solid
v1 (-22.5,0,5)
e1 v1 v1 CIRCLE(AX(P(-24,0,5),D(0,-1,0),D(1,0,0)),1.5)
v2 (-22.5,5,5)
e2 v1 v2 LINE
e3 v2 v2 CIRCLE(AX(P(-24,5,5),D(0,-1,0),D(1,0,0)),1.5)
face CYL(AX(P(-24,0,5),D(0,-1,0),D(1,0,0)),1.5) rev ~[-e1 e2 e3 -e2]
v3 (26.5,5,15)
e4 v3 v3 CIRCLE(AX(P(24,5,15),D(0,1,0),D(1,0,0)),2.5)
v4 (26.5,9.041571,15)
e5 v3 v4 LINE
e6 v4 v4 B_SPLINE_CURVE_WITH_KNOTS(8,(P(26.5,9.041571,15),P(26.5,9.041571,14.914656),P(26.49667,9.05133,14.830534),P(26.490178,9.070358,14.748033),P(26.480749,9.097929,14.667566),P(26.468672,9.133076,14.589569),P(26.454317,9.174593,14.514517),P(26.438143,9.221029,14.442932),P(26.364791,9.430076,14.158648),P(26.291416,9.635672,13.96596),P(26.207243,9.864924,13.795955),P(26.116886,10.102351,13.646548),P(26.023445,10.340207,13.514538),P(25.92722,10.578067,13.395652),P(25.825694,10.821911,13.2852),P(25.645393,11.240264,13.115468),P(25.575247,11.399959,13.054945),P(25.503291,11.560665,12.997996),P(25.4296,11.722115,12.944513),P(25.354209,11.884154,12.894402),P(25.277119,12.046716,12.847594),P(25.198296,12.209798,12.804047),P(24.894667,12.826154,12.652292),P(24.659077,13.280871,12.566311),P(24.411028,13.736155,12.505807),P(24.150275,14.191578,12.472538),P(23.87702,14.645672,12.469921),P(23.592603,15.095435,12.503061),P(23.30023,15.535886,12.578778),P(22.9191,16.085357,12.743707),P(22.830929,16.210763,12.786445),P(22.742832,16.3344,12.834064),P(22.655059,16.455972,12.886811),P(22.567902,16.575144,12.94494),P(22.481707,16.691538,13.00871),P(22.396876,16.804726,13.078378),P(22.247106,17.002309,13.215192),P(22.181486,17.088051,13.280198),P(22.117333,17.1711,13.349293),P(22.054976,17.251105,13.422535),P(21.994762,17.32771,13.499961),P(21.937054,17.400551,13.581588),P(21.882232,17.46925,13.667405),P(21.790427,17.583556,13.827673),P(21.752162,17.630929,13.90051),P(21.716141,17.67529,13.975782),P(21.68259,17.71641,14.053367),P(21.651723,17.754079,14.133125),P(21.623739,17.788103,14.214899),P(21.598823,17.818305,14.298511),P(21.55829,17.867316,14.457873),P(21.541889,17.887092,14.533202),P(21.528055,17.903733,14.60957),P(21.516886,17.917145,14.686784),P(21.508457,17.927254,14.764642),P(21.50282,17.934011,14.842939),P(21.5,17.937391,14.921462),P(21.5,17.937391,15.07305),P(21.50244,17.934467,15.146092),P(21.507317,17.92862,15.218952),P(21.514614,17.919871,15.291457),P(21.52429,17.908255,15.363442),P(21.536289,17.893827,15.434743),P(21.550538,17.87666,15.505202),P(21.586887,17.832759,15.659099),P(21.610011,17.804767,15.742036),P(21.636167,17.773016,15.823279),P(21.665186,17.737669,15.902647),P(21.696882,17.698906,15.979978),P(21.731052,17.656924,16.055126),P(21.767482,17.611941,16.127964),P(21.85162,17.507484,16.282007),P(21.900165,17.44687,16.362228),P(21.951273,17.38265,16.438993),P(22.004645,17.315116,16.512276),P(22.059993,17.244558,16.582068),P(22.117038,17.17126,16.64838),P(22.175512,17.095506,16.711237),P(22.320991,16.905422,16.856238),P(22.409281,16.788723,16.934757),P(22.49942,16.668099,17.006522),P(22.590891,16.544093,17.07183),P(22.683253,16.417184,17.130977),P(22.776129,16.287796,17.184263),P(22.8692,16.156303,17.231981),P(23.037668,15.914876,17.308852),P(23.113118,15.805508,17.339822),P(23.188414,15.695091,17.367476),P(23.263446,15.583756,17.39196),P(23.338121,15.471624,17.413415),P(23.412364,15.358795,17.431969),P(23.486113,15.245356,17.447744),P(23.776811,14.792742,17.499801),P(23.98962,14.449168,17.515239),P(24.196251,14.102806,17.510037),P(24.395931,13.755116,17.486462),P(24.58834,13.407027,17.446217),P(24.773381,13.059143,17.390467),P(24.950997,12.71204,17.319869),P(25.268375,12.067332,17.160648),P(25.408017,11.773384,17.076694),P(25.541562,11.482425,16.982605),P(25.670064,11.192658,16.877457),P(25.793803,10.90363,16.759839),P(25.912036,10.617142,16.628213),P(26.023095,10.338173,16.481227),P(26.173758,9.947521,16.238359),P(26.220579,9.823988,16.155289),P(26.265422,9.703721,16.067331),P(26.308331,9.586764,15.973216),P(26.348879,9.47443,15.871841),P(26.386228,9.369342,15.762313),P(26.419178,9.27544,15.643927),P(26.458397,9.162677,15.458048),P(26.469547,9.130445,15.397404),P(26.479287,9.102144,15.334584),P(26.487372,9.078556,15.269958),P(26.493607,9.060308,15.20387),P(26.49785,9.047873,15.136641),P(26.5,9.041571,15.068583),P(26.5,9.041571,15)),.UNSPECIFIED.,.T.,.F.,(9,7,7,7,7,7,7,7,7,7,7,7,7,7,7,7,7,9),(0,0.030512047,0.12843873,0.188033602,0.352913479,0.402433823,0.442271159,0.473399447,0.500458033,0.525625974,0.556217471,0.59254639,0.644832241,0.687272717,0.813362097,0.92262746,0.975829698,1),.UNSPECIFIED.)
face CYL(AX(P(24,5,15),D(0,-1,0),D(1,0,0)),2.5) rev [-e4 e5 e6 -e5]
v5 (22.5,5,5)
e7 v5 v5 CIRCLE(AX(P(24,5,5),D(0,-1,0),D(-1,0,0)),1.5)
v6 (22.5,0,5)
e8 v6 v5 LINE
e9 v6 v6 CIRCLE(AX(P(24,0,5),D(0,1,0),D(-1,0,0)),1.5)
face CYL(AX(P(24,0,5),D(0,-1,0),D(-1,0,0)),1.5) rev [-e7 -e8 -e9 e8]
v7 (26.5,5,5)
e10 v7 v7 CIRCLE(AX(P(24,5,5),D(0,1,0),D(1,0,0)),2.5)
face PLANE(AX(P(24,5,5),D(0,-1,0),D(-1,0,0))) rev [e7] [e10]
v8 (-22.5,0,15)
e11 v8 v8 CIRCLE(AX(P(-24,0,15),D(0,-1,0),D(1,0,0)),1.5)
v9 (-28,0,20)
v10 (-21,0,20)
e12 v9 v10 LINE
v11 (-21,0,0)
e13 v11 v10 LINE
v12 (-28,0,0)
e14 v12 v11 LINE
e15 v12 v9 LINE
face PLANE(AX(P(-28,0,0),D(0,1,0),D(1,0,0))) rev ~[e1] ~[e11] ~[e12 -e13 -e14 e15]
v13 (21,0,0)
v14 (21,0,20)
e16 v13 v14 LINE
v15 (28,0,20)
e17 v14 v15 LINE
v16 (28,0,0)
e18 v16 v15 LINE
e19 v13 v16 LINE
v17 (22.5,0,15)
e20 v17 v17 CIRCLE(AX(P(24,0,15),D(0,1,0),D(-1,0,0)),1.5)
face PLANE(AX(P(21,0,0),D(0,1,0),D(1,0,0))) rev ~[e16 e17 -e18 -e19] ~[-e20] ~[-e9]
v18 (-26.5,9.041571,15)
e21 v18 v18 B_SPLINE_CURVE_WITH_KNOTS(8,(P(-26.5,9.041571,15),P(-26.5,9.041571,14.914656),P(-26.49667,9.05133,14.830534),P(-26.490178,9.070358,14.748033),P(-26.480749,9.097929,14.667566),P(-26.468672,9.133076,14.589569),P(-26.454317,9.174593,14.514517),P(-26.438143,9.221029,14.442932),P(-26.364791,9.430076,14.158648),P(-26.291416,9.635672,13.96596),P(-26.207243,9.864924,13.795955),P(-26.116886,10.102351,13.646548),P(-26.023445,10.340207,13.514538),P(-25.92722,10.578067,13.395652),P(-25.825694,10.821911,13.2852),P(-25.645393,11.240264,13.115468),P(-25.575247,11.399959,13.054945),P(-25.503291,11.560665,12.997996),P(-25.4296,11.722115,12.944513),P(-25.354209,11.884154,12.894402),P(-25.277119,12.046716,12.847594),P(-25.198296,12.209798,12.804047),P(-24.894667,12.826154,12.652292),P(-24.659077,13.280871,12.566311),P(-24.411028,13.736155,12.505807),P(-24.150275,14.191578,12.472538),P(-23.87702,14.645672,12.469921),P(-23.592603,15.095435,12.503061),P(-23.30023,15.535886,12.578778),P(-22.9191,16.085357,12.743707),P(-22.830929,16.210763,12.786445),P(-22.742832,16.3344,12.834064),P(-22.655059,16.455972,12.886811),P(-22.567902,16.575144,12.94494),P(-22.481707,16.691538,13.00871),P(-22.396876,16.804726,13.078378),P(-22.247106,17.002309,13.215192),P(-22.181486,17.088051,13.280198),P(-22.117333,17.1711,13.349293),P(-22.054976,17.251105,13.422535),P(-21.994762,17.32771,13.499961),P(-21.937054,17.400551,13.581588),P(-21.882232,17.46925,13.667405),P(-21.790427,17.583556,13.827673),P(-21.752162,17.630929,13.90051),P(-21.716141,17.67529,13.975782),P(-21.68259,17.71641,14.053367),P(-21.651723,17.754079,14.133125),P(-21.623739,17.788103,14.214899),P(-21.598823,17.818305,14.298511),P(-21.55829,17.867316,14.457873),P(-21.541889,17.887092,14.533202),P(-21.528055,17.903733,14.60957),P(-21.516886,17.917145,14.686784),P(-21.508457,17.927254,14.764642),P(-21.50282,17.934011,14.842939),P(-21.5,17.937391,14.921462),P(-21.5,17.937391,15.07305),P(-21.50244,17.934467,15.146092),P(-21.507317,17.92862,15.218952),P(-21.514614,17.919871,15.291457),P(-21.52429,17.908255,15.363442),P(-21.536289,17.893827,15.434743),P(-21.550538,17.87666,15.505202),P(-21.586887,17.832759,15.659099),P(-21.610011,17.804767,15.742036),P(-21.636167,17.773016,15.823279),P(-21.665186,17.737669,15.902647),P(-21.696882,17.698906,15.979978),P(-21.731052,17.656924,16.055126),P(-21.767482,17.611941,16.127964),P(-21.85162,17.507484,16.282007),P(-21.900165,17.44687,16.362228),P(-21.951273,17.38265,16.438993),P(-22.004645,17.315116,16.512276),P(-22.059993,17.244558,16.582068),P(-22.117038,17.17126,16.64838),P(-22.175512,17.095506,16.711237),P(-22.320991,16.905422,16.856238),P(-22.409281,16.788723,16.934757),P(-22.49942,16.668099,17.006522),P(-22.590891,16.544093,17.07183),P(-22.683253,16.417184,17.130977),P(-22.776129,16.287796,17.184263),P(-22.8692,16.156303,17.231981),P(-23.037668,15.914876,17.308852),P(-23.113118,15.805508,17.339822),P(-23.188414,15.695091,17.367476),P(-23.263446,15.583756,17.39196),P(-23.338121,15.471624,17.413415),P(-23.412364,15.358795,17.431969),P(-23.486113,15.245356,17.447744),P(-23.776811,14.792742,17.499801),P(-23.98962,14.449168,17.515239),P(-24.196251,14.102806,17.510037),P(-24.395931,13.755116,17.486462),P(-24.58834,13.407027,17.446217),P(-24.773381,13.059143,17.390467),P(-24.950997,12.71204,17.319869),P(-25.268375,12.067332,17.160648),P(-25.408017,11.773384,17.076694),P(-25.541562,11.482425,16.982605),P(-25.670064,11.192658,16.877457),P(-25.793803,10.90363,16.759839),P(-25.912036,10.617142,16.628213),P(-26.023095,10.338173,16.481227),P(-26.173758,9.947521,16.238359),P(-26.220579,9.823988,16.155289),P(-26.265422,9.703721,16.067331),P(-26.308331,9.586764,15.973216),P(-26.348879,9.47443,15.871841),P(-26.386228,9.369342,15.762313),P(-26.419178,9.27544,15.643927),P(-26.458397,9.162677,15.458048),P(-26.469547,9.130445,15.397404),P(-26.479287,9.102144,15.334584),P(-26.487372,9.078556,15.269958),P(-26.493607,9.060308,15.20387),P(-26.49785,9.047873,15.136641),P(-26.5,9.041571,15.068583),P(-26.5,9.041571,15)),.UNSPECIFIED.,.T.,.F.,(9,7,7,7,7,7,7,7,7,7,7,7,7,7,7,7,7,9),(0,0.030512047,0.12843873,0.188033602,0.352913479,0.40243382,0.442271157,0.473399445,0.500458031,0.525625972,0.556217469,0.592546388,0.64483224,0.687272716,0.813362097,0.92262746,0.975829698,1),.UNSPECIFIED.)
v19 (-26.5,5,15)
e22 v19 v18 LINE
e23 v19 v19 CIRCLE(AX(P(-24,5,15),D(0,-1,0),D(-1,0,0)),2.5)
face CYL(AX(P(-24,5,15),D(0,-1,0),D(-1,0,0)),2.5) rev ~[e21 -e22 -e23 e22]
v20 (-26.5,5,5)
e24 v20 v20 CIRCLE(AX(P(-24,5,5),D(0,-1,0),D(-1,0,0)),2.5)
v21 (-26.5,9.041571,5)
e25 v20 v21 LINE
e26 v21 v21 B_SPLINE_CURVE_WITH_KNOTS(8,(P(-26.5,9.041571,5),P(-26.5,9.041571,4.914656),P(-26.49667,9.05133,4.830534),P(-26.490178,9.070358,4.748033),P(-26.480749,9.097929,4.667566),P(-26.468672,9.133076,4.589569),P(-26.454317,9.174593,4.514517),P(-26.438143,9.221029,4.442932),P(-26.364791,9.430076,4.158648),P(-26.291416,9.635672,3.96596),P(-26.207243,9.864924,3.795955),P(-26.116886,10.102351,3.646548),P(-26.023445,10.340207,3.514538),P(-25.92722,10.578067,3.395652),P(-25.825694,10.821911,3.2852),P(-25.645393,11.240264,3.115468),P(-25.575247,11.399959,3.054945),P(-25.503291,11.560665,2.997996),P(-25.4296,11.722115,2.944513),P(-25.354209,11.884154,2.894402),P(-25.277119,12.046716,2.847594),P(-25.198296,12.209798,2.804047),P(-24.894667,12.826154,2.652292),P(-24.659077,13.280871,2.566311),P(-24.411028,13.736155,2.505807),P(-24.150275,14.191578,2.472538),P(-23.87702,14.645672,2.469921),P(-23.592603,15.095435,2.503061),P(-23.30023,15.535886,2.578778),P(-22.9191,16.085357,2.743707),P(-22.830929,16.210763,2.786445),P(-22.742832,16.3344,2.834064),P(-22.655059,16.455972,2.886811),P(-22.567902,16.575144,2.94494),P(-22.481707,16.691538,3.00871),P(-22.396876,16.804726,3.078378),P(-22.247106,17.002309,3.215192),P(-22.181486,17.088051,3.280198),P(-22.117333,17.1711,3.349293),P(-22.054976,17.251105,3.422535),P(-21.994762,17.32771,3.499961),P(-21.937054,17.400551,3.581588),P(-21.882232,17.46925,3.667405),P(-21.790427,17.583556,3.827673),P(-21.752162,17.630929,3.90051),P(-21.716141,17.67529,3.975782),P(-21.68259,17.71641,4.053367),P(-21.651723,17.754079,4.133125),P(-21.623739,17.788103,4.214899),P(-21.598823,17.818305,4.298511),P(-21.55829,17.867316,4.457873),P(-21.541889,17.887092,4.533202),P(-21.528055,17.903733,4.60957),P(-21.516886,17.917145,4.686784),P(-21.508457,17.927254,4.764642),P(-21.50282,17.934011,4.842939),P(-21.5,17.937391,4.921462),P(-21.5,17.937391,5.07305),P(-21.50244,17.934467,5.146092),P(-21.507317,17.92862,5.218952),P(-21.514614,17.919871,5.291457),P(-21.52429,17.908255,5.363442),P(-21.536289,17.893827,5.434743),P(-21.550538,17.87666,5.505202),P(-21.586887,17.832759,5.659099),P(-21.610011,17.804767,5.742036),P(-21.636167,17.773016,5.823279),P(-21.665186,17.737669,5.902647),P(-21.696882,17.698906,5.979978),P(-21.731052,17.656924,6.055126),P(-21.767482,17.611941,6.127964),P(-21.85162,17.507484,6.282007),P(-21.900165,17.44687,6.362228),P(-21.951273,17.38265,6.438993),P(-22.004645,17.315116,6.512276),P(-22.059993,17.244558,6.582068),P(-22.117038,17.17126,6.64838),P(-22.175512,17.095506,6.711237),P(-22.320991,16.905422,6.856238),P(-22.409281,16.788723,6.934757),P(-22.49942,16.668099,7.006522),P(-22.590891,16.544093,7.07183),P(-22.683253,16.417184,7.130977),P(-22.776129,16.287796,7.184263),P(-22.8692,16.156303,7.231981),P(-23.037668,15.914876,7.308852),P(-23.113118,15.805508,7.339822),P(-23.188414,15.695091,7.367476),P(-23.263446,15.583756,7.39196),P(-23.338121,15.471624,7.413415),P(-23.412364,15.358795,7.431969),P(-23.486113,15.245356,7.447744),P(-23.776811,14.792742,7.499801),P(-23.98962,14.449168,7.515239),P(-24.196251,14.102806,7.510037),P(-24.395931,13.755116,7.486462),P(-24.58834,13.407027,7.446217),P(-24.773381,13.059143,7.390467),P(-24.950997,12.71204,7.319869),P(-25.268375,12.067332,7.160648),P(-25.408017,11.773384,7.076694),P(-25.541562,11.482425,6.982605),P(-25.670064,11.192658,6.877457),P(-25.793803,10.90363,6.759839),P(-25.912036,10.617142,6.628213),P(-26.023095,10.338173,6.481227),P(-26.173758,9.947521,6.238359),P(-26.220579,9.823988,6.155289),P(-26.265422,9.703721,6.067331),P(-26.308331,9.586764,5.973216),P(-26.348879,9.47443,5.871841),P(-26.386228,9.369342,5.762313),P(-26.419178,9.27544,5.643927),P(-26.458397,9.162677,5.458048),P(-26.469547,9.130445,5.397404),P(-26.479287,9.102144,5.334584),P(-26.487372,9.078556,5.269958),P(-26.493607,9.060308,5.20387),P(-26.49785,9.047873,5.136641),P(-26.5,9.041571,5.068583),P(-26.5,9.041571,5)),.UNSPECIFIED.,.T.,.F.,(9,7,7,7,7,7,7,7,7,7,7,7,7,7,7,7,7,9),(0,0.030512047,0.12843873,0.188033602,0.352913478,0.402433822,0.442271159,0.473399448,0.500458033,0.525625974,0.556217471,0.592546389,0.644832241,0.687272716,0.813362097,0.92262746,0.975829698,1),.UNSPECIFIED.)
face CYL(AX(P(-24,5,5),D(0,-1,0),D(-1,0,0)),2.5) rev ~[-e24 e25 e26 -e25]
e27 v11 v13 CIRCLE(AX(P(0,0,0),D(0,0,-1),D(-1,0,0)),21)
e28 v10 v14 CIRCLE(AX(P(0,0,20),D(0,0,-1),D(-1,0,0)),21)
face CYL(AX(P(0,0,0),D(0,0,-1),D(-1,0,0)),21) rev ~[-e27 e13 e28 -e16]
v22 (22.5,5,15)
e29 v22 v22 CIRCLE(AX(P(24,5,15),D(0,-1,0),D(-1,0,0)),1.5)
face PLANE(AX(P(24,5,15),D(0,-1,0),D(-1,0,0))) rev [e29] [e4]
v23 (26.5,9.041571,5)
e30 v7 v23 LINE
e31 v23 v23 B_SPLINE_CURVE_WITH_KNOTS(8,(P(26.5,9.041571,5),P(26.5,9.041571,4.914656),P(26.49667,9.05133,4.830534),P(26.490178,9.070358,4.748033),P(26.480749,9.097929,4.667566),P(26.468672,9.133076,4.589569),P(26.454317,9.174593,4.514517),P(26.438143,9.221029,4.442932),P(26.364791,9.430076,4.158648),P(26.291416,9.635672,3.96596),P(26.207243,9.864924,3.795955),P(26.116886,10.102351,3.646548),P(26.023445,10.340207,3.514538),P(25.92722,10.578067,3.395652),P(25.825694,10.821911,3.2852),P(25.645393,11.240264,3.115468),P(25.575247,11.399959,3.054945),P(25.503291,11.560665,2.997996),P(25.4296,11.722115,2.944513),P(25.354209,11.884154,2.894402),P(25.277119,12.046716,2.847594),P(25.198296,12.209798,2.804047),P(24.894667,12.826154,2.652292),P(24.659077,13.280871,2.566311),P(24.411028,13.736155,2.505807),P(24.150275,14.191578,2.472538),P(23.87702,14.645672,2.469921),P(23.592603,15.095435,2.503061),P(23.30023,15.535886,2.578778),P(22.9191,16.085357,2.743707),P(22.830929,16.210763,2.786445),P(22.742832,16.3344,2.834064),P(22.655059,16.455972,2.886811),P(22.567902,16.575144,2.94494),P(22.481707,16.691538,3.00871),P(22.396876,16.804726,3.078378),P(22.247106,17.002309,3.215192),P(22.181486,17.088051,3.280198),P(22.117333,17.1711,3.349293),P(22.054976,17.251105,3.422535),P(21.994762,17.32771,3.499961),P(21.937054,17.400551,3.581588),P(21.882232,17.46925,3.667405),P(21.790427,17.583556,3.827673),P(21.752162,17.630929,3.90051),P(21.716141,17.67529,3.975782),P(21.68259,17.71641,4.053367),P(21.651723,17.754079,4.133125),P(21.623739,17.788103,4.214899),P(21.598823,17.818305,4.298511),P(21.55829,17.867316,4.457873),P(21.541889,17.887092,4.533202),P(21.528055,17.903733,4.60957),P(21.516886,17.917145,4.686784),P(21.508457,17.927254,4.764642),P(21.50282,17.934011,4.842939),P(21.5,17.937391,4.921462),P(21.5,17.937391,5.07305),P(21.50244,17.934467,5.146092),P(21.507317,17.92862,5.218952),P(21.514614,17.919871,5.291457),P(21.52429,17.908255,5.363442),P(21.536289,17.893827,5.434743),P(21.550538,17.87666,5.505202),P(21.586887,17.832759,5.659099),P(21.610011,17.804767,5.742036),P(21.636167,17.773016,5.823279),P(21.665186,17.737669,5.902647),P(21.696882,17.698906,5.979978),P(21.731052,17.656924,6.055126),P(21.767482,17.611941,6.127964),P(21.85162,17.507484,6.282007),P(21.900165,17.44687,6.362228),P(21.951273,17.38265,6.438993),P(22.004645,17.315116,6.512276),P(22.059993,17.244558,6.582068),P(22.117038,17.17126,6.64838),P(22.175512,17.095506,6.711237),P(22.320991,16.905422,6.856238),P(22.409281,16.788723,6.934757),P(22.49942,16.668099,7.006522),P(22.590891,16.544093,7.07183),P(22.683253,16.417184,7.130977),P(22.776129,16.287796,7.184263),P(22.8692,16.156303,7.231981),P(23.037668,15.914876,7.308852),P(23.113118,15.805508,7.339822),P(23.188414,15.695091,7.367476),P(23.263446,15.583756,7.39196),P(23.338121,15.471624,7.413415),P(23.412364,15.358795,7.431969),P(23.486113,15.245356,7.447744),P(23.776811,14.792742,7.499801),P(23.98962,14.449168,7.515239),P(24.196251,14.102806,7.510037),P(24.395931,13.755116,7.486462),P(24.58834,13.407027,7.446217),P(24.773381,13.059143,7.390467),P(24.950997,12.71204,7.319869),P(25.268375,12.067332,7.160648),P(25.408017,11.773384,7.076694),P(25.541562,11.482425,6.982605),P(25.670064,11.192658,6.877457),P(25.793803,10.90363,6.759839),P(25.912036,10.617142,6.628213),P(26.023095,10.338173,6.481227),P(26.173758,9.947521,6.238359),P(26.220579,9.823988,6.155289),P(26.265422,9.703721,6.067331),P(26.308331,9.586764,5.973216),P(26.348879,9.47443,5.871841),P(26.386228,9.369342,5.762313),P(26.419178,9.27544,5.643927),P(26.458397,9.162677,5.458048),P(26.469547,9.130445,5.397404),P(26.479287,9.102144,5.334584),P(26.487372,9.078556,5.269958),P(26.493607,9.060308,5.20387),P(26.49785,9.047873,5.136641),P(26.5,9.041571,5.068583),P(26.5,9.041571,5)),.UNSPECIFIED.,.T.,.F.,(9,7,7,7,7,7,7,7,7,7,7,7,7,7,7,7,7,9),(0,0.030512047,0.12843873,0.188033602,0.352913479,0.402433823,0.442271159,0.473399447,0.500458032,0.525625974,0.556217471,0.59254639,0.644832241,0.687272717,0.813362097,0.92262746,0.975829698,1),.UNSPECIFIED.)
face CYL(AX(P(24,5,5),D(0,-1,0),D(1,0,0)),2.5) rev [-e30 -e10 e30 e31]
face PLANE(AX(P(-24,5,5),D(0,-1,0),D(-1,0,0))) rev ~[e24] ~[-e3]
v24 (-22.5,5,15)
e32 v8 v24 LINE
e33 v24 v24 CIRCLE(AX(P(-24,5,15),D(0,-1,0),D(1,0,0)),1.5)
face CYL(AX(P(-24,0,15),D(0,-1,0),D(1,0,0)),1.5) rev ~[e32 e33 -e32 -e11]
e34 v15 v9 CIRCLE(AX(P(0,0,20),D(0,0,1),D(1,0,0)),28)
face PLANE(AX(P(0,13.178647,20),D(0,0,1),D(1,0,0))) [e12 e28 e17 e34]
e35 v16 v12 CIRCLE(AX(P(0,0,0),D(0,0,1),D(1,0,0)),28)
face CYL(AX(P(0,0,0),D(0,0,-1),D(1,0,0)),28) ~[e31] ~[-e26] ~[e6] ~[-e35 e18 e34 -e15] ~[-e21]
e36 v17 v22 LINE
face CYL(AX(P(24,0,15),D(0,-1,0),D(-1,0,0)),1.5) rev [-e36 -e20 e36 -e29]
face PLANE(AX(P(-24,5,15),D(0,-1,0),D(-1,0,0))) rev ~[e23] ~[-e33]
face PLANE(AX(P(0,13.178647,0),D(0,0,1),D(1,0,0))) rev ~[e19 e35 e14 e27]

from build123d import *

# Parameters (mm, degrees)
EXTRUDE_1_DEPTH     = 20
SKETCH_2_R          = 1.5
CUT_EXTRUDE_1_DEPTH = 20
SKETCH_3_R          = 2.5
CUT_EXTRUDE_2_DEPTH = 20


with BuildPart() as part:
    # 草图1 → 凸台-拉伸1 (new body)
    with BuildSketch(Plane.XY):
        with BuildLine():
            Line((-28, 0), (-21, 0))
            ThreePointArc((-21, 0), (0, 21), (21, 0))
            Line((21, 0), (28, 0))
            ThreePointArc((28, 0), (0, 28), (-28, 0))
        make_face()
    extrude(amount=EXTRUDE_1_DEPTH)

    # 草图2 → 切除-拉伸1 (cut)
    with BuildSketch(Plane.XZ):
        with Locations((-24, 5)):
            Circle(SKETCH_2_R)
        with Locations((-24, 15)):
            Circle(SKETCH_2_R)
    cut_extrude_1 = extrude(amount=-CUT_EXTRUDE_1_DEPTH, mode=Mode.SUBTRACT)

    # 镜向1: 切除-拉伸1 across plane
    add(cut_extrude_1.mirror(Plane(origin=(0, 0, 0), x_dir=(0, 0, 1), z_dir=(1, 0, 0))), mode=Mode.SUBTRACT)

    # 草图3 → 切除-拉伸2 (cut)
    with BuildSketch(Plane(origin=(0, 5, 0), x_dir=(-1, 0, 0), z_dir=(0, -1, 0))):
        with Locations((24, -5)):
            Circle(SKETCH_3_R)
        with Locations((24, -15)):
            Circle(SKETCH_3_R)
    cut_extrude_2 = extrude(amount=-CUT_EXTRUDE_2_DEPTH, mode=Mode.SUBTRACT)

    # 镜向2: 切除-拉伸2 across plane
    add(cut_extrude_2.mirror(Plane(origin=(0, 0, 0), x_dir=(0, 0, 1), z_dir=(1, 0, 0))), mode=Mode.SUBTRACT)


solid = part.part
